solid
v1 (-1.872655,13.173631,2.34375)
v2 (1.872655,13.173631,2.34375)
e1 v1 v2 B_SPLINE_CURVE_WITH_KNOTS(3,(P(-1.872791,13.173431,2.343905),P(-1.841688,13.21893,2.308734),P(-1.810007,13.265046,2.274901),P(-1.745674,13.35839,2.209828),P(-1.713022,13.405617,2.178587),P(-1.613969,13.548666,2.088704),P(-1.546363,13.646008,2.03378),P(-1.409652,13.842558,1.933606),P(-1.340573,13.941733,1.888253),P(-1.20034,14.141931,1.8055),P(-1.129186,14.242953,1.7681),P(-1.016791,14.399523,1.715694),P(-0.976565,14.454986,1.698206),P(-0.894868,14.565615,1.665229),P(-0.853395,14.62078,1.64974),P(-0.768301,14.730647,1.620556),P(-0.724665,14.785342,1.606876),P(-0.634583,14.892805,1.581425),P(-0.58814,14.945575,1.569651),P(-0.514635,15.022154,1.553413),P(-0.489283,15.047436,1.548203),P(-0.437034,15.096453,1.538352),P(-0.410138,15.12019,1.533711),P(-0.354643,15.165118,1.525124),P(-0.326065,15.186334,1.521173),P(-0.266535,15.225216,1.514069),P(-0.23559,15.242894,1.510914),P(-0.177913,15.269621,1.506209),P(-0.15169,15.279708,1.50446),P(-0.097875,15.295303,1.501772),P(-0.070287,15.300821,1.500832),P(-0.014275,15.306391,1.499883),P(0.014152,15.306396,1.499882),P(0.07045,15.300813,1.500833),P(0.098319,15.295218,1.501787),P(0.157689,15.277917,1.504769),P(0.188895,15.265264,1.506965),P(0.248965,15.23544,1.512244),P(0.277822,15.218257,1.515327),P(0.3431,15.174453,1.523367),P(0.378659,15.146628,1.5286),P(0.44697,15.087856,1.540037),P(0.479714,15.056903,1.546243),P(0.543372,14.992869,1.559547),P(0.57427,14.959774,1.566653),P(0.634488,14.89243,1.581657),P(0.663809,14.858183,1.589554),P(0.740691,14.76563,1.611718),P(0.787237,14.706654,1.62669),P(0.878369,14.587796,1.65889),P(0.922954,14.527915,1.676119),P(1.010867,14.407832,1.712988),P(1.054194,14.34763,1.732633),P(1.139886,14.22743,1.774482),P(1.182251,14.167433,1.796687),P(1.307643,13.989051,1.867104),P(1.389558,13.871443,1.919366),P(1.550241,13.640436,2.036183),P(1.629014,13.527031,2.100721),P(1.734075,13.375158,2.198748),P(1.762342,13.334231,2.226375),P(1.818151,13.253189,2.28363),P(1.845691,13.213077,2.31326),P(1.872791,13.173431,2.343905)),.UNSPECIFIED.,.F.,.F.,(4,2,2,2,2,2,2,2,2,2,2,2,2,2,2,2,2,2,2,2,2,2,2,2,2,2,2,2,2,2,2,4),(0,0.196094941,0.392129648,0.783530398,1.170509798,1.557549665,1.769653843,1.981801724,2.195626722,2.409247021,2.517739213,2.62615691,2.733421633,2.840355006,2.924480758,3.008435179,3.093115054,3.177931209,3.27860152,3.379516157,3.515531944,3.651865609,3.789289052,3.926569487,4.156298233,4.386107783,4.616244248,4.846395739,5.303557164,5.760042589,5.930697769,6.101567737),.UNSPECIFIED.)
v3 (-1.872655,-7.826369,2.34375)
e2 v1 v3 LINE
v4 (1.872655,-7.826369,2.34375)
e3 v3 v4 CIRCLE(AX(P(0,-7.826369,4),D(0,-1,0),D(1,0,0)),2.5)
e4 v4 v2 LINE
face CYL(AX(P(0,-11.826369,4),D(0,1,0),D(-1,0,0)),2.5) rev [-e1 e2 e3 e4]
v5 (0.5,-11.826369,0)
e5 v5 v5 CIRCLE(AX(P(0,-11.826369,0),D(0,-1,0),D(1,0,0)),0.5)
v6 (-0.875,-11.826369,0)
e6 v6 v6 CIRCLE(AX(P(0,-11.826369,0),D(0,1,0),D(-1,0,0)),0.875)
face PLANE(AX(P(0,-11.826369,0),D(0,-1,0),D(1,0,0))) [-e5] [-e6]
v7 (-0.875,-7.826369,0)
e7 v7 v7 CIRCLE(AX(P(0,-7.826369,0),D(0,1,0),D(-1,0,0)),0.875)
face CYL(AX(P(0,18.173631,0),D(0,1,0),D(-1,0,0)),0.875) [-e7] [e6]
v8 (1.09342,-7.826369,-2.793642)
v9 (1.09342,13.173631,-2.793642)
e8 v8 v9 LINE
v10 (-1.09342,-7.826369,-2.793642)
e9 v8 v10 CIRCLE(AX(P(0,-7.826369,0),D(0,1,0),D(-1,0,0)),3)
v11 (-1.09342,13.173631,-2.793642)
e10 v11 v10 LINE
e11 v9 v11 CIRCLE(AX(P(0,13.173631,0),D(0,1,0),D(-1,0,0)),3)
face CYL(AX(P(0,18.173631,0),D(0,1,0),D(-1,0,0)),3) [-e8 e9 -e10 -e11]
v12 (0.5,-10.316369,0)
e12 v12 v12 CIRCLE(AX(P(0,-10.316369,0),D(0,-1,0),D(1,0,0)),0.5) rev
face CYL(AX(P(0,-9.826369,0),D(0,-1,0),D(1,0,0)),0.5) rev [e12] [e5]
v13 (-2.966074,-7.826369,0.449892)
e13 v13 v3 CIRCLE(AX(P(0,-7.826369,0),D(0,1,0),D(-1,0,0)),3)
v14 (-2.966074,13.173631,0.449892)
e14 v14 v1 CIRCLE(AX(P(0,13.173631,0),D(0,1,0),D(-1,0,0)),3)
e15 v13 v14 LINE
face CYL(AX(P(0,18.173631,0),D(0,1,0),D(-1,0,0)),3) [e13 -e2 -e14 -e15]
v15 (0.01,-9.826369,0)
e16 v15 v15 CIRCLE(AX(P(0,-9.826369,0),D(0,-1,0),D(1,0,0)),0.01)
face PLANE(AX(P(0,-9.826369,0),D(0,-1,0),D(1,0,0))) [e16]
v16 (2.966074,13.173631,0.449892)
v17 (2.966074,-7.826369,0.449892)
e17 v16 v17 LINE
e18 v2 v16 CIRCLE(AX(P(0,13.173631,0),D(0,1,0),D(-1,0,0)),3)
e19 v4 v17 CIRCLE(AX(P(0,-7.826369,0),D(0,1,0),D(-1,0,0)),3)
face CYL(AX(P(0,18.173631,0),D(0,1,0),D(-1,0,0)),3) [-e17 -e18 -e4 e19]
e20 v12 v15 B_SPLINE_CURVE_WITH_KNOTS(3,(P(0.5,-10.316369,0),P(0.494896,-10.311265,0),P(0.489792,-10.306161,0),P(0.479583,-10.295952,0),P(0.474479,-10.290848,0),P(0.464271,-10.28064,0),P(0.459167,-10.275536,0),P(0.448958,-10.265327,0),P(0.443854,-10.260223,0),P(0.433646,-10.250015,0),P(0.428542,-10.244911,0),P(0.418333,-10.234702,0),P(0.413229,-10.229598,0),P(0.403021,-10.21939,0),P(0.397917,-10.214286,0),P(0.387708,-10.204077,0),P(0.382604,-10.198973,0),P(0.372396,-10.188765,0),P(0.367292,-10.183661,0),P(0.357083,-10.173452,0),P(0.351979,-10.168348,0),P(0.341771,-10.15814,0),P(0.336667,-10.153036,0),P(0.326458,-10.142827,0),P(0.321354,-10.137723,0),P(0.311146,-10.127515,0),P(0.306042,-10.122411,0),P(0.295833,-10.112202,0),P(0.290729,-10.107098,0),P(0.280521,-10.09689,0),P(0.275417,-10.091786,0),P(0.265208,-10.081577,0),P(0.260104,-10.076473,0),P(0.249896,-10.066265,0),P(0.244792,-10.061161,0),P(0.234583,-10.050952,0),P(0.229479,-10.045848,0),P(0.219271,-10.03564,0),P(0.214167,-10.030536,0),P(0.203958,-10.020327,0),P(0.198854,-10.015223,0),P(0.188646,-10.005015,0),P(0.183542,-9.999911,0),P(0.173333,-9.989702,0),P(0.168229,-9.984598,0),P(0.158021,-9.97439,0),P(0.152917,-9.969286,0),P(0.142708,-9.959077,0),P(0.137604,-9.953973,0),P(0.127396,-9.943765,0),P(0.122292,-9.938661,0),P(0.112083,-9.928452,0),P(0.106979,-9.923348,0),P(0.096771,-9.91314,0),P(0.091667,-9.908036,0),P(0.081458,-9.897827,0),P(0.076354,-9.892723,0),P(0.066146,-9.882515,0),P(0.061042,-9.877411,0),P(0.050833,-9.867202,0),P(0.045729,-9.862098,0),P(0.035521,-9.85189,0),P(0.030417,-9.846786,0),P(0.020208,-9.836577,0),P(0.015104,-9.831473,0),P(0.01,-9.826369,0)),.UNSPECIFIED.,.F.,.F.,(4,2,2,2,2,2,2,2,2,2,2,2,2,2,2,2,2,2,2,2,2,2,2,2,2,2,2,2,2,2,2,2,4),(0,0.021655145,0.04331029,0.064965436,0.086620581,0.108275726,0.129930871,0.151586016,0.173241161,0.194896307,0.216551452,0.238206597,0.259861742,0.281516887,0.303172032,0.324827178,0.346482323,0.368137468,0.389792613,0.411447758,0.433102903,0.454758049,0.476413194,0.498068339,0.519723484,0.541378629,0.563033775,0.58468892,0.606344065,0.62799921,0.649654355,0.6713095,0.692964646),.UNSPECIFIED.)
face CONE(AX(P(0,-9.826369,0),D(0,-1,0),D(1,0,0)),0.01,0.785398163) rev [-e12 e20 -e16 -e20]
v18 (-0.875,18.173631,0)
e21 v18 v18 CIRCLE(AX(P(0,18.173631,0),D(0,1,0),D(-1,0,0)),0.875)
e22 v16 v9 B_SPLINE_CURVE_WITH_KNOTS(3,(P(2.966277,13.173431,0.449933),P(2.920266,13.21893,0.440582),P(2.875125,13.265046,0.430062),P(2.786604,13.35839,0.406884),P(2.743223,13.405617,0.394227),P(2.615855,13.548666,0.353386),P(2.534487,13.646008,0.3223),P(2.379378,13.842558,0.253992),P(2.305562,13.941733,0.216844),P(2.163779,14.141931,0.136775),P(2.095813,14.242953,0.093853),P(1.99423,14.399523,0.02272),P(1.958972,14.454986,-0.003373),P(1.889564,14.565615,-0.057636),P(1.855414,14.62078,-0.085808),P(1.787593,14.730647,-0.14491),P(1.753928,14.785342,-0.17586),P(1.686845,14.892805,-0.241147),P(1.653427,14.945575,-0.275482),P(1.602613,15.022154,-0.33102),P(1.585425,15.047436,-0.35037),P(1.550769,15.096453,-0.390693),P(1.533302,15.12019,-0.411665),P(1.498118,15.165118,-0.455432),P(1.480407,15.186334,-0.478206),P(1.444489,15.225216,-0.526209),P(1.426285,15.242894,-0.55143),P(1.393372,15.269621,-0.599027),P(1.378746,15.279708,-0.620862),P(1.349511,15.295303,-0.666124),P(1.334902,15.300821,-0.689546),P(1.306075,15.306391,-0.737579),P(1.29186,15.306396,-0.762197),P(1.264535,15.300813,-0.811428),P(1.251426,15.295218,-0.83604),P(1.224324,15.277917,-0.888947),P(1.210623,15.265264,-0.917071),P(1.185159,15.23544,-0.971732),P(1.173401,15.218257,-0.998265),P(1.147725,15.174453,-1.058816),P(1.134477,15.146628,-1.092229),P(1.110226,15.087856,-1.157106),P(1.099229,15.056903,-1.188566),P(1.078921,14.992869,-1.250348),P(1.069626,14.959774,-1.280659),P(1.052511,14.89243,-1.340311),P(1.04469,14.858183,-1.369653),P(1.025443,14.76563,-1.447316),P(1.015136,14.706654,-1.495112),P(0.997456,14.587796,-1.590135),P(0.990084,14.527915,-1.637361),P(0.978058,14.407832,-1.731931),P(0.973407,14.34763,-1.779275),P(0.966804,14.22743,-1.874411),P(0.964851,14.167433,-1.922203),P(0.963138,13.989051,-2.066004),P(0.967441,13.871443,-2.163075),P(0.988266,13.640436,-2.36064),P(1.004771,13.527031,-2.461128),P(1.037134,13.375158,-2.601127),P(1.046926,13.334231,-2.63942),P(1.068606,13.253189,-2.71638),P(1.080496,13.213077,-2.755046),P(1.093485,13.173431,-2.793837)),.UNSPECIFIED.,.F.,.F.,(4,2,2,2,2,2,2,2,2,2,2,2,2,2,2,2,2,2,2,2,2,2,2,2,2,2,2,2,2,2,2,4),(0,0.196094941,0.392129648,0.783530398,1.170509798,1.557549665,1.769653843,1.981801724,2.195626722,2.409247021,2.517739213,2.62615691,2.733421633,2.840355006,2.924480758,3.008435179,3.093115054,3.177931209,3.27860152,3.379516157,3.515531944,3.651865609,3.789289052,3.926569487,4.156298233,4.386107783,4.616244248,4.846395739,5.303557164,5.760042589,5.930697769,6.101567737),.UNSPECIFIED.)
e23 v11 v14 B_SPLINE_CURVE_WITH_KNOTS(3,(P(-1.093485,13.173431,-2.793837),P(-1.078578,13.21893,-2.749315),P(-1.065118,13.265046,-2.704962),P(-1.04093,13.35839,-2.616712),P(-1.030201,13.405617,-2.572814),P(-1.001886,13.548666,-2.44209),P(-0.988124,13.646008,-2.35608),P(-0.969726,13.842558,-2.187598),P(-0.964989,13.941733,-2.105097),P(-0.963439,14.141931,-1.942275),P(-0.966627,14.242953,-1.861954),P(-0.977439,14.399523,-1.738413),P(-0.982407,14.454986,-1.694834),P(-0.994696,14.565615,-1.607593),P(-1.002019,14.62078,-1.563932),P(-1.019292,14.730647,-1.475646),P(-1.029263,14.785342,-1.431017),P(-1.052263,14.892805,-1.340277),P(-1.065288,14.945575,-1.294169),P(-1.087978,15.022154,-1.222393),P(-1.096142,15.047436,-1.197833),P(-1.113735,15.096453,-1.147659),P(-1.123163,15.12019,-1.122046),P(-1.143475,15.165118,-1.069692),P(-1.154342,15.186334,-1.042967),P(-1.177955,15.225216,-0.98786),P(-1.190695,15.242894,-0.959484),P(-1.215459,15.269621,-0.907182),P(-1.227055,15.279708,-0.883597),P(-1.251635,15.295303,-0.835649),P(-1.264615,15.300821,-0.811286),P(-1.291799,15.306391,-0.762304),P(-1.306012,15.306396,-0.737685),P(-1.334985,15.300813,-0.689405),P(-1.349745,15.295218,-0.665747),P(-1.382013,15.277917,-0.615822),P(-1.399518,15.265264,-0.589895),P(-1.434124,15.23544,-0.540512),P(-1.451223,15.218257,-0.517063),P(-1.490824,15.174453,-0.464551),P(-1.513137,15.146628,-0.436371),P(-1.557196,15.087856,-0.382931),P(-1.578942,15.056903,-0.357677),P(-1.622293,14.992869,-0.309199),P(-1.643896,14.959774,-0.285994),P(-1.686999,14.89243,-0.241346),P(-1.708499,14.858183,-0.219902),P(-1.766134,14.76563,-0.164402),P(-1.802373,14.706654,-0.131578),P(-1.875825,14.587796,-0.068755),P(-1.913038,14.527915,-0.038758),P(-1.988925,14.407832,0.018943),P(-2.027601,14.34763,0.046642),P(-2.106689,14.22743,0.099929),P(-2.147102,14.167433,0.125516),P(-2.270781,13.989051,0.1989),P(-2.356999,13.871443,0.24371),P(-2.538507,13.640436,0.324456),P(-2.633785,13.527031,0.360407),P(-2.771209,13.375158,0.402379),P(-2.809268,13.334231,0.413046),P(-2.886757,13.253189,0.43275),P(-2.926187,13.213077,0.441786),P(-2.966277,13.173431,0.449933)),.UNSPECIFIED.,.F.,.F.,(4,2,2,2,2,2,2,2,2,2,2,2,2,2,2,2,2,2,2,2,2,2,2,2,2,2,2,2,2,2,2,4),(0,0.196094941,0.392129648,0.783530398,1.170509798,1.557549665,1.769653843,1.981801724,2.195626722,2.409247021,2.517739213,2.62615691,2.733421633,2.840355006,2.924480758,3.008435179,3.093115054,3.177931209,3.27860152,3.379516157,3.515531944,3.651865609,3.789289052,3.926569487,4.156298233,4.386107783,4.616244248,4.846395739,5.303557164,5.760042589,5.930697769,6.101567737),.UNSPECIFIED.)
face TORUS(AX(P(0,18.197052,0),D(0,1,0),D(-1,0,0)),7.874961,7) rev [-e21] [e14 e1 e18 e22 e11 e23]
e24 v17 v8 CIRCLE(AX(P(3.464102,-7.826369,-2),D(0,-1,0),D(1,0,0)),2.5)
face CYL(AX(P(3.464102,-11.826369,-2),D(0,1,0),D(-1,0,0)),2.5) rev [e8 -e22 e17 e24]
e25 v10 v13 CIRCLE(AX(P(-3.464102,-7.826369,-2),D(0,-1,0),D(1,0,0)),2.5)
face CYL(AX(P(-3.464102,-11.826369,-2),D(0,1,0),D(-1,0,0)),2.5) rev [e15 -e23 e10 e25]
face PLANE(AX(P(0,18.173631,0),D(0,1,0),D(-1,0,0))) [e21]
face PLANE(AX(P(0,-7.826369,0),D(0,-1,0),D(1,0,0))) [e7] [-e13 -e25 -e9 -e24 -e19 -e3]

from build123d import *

# Parameters (mm, degrees)
CUT_EXTRUDE_1_DEPTH      = 31.298514815
CUT_EXTRUDE_1_DEPTH_BACK = 31.298514815
SKETCH_2_R               = 2.5
SKETCH_3_R               = 0.5
CUT_EXTRUDE_2_DEPTH      = 2
CHAMFER_1_SIZE           = 0.49


with BuildPart() as part:
    # Эскиз1 → Повернуть1 (revolve)
    with BuildSketch(Plane.XY):
        Polygon((0, -11.826368877), (0, 13.173631123), (-3, 13.173631123), (-3, -7.826368877), (-0.875, -7.826368877), (-0.875, -11.826368877), align=None)
        with BuildLine():
            Line((0, 13.173631123), (0, 18.173631123))
            Line((0, 18.173631123), (-0.875, 18.173631123))
            ThreePointArc((-0.875, 18.173631123), (-1.43264439, 15.459067489), (-3, 13.173631123))
            Line((-3, 13.173631123), (0, 13.173631123))
        make_face()
    revolve(axis=Axis((0, 18.173631123, 0), (0, -1, 0)))

    # Эскиз2 → Вырез-Вытянуть1 (cut, two sides: drawn at the far end of the back side and taken through both)
    with BuildSketch(Plane(origin=(0, 18.173631123, 0), x_dir=(1, 0, 0), z_dir=(0, 1, 0)).offset(-CUT_EXTRUDE_1_DEPTH_BACK)):
        with Locations((-3.464101615, 2)):
            Circle(SKETCH_2_R)
        with Locations((3.464101615, 2)):
            Circle(SKETCH_2_R)
        with Locations((0, -4)):
            Circle(SKETCH_2_R)
    extrude(amount=CUT_EXTRUDE_1_DEPTH + CUT_EXTRUDE_1_DEPTH_BACK, mode=Mode.SUBTRACT)

    # Эскиз3 → Вырез-Вытянуть2 (cut)
    with BuildSketch(Plane.XZ.offset(11.826368877)):
        Circle(SKETCH_3_R)
    extrude(amount=-CUT_EXTRUDE_2_DEPTH, mode=Mode.SUBTRACT)

    # Фаска1
    chamfer_1_edges = [part.edges().sort_by_distance(p)[0] for p in [
        (-0.5, -9.826368877, 0),
    ]]
    chamfer(chamfer_1_edges, length=CHAMFER_1_SIZE)


solid = part.part
